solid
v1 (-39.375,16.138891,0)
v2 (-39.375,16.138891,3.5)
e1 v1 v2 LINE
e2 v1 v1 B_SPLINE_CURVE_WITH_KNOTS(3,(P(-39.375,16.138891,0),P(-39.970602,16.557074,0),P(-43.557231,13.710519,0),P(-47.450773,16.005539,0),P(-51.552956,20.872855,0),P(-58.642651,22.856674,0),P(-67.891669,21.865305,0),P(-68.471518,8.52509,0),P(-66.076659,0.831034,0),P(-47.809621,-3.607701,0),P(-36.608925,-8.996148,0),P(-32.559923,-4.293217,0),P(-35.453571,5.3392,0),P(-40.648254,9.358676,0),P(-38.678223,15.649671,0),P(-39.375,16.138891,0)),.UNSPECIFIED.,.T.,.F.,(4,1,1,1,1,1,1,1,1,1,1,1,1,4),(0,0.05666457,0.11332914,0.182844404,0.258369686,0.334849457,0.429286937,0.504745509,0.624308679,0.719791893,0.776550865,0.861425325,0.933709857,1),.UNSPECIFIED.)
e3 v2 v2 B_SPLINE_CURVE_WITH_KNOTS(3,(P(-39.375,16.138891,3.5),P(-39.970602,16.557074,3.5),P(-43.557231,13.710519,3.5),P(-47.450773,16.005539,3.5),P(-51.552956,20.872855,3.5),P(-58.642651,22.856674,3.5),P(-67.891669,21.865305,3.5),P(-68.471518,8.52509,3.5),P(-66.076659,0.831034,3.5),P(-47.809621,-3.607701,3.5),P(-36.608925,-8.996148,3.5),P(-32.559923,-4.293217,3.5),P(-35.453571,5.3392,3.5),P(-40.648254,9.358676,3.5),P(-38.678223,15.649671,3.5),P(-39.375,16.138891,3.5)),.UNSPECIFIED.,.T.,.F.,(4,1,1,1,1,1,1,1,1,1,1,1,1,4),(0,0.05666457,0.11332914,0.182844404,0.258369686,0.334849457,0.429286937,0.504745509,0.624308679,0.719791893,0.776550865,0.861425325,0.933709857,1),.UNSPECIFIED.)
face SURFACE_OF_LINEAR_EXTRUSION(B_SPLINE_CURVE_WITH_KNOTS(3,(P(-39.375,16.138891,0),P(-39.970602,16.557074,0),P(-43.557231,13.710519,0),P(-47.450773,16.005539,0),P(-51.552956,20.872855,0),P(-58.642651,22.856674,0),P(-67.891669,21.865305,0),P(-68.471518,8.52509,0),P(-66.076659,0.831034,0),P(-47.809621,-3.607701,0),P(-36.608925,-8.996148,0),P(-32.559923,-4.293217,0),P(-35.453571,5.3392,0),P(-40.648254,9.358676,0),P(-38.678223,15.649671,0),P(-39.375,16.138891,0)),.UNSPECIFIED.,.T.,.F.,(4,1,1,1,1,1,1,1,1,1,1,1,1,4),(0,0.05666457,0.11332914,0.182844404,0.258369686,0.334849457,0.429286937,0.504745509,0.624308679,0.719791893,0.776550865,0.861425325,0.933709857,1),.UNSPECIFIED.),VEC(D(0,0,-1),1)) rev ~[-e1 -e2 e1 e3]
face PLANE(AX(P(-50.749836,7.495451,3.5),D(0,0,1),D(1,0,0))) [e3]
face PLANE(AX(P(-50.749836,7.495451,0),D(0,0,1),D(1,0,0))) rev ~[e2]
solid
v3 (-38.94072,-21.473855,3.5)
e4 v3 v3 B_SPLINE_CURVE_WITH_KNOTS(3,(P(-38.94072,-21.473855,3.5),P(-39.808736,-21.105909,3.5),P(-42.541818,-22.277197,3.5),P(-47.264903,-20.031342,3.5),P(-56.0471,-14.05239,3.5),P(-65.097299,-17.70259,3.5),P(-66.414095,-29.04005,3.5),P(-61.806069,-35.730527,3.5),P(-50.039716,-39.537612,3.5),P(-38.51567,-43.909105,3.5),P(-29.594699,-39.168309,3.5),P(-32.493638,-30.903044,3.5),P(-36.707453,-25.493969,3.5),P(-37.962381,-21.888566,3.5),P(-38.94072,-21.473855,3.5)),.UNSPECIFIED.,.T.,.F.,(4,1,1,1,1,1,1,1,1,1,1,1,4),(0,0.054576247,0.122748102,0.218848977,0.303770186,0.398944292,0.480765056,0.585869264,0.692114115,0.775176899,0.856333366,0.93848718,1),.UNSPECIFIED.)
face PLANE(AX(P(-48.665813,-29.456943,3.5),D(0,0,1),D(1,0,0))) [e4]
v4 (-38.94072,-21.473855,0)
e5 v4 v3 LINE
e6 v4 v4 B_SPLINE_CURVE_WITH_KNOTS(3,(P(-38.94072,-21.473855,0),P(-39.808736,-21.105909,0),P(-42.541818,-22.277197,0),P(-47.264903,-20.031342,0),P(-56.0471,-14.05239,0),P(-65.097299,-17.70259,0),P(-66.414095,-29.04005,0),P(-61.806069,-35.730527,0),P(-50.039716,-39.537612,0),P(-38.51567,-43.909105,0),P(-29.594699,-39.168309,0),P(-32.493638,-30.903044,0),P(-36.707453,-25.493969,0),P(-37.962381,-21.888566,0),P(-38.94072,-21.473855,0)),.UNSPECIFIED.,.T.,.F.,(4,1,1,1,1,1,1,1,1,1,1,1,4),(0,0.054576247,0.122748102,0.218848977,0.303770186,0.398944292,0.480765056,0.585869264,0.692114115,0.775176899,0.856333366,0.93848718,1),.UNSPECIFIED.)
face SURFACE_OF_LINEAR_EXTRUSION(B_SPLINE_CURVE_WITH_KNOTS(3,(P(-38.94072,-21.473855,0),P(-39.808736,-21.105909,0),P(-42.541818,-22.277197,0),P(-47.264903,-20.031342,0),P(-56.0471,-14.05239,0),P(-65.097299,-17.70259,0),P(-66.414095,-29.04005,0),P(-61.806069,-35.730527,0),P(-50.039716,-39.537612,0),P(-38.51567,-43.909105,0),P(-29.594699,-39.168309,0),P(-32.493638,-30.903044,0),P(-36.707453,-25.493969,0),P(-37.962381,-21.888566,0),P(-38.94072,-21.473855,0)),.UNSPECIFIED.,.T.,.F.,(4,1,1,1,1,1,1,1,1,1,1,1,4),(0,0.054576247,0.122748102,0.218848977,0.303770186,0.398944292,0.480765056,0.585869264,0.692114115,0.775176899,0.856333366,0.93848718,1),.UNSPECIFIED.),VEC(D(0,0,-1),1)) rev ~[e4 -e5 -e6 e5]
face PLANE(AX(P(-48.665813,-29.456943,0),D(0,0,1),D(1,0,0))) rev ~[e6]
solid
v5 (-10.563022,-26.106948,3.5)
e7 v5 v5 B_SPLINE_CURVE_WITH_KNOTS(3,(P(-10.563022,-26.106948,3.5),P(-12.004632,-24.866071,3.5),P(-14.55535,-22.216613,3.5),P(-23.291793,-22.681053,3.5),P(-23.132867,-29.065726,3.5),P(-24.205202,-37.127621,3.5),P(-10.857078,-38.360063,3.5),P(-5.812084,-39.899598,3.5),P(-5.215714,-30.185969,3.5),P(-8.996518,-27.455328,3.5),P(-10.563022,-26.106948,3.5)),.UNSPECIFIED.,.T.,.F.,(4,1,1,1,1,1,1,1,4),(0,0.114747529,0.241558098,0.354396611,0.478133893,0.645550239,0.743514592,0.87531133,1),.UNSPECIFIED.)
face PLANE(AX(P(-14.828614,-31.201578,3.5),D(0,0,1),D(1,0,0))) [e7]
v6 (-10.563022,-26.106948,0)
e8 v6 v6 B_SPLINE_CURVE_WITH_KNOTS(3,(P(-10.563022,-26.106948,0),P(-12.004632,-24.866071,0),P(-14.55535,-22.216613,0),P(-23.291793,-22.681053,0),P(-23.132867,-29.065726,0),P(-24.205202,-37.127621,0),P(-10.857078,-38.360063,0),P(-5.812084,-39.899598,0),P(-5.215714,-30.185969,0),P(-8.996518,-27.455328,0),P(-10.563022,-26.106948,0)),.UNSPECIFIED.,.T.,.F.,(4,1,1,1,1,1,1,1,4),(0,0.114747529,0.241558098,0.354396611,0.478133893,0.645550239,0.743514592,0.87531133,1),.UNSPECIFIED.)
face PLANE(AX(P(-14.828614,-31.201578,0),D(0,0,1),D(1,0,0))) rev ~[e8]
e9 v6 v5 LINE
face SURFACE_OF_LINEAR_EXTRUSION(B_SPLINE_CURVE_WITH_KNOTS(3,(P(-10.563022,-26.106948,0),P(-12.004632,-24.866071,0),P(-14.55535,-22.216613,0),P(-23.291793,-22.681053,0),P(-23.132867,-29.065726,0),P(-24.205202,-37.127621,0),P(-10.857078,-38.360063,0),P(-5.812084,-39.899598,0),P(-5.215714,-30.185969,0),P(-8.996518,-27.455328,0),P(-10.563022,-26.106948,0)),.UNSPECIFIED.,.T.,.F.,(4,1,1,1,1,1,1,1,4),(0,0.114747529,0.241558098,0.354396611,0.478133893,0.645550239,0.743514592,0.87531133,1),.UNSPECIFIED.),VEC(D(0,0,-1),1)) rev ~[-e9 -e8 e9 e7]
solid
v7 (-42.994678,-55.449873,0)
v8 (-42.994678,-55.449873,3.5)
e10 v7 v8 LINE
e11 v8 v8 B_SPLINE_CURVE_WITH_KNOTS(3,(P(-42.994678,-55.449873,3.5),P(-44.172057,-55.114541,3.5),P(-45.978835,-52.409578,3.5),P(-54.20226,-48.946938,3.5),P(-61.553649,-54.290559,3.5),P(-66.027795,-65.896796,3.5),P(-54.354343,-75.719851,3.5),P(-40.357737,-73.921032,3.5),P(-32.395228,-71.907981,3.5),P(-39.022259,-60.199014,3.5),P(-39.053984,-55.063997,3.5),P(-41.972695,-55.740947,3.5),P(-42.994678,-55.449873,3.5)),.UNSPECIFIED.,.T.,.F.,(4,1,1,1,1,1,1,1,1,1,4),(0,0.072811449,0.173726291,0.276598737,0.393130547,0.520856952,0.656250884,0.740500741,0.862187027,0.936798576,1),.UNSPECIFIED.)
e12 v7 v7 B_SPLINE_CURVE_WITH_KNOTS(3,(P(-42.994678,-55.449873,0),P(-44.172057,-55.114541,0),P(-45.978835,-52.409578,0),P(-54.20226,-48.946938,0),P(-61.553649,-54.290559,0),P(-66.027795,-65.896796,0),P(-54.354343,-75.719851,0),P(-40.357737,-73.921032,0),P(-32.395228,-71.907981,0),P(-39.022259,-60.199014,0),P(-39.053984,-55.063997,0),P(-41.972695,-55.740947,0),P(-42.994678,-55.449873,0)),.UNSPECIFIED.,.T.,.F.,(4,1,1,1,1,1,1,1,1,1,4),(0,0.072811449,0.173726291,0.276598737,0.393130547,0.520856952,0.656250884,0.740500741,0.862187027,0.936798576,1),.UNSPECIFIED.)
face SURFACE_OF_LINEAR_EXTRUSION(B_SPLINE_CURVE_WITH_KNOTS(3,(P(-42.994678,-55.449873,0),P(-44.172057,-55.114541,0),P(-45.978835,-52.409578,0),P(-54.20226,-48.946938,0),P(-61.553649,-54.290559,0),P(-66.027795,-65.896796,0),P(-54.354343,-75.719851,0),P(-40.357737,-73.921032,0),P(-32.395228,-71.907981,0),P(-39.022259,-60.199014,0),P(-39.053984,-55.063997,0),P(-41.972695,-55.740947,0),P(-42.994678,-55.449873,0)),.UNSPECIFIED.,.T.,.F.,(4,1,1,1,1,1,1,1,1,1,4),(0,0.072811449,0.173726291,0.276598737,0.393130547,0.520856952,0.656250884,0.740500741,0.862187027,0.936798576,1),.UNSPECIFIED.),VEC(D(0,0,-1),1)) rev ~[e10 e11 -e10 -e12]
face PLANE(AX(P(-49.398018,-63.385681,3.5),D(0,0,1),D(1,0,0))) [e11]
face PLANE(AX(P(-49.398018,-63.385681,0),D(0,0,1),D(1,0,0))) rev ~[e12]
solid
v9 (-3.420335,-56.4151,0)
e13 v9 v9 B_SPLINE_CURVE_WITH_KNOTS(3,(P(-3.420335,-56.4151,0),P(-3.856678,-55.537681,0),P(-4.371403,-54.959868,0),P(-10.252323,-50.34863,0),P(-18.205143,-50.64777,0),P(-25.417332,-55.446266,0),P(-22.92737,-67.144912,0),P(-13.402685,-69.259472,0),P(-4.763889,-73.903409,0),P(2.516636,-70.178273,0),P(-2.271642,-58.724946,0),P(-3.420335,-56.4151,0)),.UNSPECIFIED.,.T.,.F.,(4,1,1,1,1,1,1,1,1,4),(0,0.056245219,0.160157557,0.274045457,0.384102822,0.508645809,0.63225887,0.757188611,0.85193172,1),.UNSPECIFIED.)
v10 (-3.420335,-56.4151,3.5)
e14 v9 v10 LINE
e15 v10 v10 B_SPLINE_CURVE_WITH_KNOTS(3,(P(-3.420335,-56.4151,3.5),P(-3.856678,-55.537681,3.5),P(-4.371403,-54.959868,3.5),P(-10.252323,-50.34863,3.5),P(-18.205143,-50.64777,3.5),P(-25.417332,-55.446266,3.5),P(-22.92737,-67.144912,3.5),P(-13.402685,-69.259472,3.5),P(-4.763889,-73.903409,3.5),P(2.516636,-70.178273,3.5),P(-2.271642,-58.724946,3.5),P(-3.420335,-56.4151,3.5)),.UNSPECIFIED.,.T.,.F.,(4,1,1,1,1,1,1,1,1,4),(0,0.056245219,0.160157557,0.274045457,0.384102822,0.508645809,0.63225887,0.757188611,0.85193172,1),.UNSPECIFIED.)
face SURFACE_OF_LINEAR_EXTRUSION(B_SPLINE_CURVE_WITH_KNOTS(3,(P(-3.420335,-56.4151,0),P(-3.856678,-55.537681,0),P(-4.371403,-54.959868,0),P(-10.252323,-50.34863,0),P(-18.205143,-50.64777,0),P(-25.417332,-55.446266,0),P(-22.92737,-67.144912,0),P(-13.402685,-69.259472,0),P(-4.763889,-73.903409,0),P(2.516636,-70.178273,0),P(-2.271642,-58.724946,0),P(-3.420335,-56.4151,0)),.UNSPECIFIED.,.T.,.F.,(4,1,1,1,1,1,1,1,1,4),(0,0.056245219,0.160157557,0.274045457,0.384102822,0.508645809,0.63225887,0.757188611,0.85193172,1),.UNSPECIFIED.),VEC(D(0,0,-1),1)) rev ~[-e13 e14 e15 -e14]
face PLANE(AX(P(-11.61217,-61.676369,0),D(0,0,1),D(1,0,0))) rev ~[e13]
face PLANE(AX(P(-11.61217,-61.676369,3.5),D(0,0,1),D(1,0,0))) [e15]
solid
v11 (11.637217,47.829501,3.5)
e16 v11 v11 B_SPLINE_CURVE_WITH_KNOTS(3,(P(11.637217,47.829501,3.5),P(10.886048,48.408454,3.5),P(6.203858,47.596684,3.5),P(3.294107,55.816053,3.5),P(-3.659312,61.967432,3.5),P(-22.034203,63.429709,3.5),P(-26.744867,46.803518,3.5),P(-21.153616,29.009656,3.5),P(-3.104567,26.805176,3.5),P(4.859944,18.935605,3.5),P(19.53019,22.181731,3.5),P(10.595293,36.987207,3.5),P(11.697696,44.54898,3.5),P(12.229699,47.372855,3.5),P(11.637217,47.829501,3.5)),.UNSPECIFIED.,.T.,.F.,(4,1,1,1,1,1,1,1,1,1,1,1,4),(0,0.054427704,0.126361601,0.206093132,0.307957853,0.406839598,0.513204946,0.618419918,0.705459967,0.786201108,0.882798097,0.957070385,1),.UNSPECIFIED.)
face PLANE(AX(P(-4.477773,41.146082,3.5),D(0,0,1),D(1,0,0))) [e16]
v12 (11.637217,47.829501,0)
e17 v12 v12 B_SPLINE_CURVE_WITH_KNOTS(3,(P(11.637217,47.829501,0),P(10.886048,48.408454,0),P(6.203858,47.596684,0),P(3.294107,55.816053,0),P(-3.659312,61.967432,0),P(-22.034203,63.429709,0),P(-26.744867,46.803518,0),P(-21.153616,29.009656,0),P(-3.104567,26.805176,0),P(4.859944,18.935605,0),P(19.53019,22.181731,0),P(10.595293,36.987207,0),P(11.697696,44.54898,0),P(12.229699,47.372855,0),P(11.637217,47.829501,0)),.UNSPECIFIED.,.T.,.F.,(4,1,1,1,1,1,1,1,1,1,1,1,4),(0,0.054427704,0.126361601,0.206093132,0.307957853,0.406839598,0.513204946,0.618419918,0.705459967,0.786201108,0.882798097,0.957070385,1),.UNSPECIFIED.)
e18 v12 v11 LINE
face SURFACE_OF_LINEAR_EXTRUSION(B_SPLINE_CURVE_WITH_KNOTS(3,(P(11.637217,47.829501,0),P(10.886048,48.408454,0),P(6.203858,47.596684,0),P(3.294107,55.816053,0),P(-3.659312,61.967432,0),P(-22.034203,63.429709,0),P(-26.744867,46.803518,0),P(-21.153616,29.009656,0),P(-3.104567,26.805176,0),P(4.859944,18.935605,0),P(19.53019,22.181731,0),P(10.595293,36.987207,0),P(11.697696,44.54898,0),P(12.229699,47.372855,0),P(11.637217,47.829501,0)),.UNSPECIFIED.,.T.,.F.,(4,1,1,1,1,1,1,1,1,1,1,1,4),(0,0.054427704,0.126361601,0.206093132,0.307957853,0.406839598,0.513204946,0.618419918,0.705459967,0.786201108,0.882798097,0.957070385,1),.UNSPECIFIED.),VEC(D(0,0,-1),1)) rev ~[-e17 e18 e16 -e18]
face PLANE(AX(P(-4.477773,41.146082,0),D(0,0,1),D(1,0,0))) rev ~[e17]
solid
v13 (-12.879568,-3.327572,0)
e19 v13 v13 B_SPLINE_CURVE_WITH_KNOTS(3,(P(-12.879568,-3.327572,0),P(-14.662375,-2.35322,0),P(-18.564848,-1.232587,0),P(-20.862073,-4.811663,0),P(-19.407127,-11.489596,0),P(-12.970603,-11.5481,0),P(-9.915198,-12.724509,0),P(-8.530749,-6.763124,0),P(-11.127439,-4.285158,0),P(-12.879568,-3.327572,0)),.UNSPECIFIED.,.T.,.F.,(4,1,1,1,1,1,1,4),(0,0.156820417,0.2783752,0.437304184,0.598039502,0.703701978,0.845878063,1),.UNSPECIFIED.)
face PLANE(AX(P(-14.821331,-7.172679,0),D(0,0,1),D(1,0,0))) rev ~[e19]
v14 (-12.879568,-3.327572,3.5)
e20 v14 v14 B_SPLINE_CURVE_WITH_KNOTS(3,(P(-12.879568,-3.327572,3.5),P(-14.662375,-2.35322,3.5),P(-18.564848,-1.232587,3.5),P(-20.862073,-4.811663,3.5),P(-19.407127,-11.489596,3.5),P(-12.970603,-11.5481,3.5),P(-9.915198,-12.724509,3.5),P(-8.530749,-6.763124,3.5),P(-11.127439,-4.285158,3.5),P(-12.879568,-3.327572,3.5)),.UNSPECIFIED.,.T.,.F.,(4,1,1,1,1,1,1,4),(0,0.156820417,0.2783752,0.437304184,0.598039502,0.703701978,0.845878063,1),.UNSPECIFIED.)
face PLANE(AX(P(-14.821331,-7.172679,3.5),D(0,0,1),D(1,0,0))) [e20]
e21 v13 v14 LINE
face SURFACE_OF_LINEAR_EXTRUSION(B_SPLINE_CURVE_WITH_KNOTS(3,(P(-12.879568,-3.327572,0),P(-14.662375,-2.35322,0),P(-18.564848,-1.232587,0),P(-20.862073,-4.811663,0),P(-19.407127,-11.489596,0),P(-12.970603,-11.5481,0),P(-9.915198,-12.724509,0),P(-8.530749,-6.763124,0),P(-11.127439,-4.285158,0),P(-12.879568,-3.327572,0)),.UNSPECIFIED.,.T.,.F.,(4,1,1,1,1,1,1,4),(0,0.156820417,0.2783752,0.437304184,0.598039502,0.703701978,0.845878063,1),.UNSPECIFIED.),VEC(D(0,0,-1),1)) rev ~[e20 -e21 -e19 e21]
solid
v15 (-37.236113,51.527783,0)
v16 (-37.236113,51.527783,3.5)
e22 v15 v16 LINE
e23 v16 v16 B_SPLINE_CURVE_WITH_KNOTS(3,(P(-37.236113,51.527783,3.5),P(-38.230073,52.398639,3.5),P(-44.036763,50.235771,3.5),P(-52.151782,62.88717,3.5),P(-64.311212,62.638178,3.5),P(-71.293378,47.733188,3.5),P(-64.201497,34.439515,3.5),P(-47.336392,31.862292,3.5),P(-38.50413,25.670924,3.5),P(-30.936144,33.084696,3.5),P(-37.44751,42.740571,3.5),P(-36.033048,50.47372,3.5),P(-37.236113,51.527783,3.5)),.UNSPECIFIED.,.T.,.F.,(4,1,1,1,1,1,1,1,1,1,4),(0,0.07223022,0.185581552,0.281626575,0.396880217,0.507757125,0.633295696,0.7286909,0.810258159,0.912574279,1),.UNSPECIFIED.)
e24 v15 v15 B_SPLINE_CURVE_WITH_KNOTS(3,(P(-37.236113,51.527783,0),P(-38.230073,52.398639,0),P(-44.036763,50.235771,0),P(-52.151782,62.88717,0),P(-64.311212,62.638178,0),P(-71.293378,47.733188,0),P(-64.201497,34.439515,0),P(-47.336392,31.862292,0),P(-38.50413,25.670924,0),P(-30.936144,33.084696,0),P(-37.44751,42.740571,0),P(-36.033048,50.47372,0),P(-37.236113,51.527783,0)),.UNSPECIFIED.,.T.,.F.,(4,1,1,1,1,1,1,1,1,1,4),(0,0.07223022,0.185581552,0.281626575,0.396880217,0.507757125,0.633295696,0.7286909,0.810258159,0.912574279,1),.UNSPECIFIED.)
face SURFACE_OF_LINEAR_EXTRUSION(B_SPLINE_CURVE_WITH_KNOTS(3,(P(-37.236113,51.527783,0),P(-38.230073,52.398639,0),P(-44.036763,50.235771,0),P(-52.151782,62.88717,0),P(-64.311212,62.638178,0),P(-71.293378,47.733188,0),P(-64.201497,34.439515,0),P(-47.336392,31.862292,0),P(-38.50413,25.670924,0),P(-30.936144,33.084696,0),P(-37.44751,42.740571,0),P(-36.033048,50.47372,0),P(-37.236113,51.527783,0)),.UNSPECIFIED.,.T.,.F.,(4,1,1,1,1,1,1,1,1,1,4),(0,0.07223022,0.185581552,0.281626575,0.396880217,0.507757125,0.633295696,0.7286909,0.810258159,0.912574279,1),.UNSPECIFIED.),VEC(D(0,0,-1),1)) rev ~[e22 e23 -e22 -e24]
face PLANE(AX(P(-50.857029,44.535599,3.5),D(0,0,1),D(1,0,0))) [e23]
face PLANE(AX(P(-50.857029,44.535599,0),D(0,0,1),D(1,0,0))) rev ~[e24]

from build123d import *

# Parameters (mm, degrees)
F8_DEPTH  = 3.5
F9_DEPTH  = 3.5
F10_DEPTH = 3.5
F11_DEPTH = 3.5
F12_DEPTH = 3.5
F13_DEPTH = 3.5
F14_DEPTH = 3.5
F15_DEPTH = 3.5


with BuildPart() as f8:
    # F0 (on Top) → F8 (new body)
    with BuildSketch(Plane.XY):
        with BuildLine():
            add(Edge.make_bspline(
                [(-37.2361131012, 51.5277832747), (-38.2300729574, 52.3986394205), (-44.036762983, 50.2357705605), (-52.1517819646, 62.8871695915), (-64.3112124826, 62.6381784223), (-71.2933781765, 47.7331883556), (-64.2014965173, 34.439514822), (-47.3363921409, 31.8622921467), (-38.5041296174, 25.6709240677), (-30.9361444778, 33.0846962537), (-37.4475096921, 42.7405705933), (-36.0330480055, 50.473719948), (-37.2361131012, 51.5277832747)],
                knots=[0, 0, 0, 0, 0.0722302205, 0.1855815516, 0.2816265748, 0.3968802174, 0.5077571251, 0.6332956957, 0.7286909, 0.8102581589, 0.9125742789, 1, 1, 1, 1], degree=3))
        make_face()
    extrude(amount=F8_DEPTH)


with BuildPart() as f9:
    # F1 (on Top) → F9 (new body)
    with BuildSketch(Plane.XY):
        with BuildLine():
            add(Edge.make_bspline(
                [(-39.374999702, 16.1388907582), (-39.9706018324, 16.5570736635), (-43.5572313633, 13.7105187899), (-47.4507729776, 16.0055389472), (-51.5529559066, 20.8728551438), (-58.6426514585, 22.8566739948), (-67.8916688092, 21.865304743), (-68.4715177825, 8.5250902074), (-66.0766592679, 0.8310337431), (-47.8096208417, -3.6077008561), (-36.6089247376, -8.9961477478), (-32.5599229857, -4.2932170381), (-35.4535710781, 5.3391996361), (-40.6482535175, 9.3586760152), (-38.6782230309, 15.6496713987), (-39.374999702, 16.1388907582)],
                knots=[0, 0, 0, 0, 0.0566645698, 0.1133291397, 0.1828444039, 0.2583696855, 0.3348494574, 0.4292869367, 0.5047455088, 0.6243086788, 0.7197918927, 0.7765508651, 0.8614253251, 0.9337098571, 1, 1, 1, 1], degree=3))
        make_face()
    extrude(amount=F9_DEPTH)


with BuildPart() as f10:
    # F2 (on Top) → F10 (new body)
    with BuildSketch(Plane.XY):
        with BuildLine():
            add(Edge.make_bspline(
                [(-38.9407202601, -21.4738547802), (-39.808735709, -21.1059091638), (-42.5418178299, -22.2771971679), (-47.2649034002, -20.0313416168), (-56.0471002646, -14.0523899309), (-65.0972985376, -17.7025901746), (-66.4140947917, -29.040050469), (-61.8060691861, -35.730526621), (-50.0397159132, -39.5376123497), (-38.5156696524, -43.9091047558), (-29.5946990088, -39.1683094096), (-32.4936378223, -30.9030440648), (-36.7074525426, -25.4939692871), (-37.9623811258, -21.8885658275), (-38.9407202601, -21.4738547802)],
                knots=[0, 0, 0, 0, 0.0545762469, 0.122748102, 0.2188489766, 0.303770186, 0.3989442917, 0.4807650556, 0.5858692644, 0.6921141145, 0.7751768988, 0.8563333657, 0.9384871799, 1, 1, 1, 1], degree=3))
        make_face()
    extrude(amount=F10_DEPTH)


with BuildPart() as f11:
    # F3 (on Top) → F11 (new body)
    with BuildSketch(Plane.XY):
        with BuildLine():
            add(Edge.make_bspline(
                [(-42.9946780205, -55.449873209), (-44.172057105, -55.1145406864), (-45.9788351769, -52.4095776903), (-54.2022596236, -48.9469379985), (-61.5536493722, -54.2905594453), (-66.0277953127, -65.8967963216), (-54.3543427868, -75.7198506468), (-40.3577365253, -73.921032109), (-32.395227703, -71.9079808933), (-39.0222590376, -60.1990136169), (-39.0539842791, -55.0639973576), (-41.9726954063, -55.7409468425), (-42.9946780205, -55.449873209)],
                knots=[0, 0, 0, 0, 0.072811449, 0.1737262907, 0.276598737, 0.3931305473, 0.520856952, 0.6562508835, 0.740500741, 0.8621870269, 0.9367985757, 1, 1, 1, 1], degree=3))
        make_face()
    extrude(amount=F11_DEPTH)


with BuildPart() as f12:
    # F4 (on Top) → F12 (new body)
    with BuildSketch(Plane.XY):
        with BuildLine():
            add(Edge.make_bspline(
                [(-3.4203352407, -56.4150996506), (-3.8566779507, -55.5376813264), (-4.3714030554, -54.9598680577), (-10.2523231789, -50.3486296341), (-18.205143482, -50.6477696335), (-25.4173324177, -55.4462663891), (-22.9273697449, -67.144912344), (-13.4026847581, -69.2594720891), (-4.763888599, -73.9034091482), (2.516636292, -70.178273343), (-2.2716417808, -58.7249461717), (-3.4203352407, -56.4150996506)],
                knots=[0, 0, 0, 0, 0.0562452186, 0.160157557, 0.2740454565, 0.3841028225, 0.5086458094, 0.6322588701, 0.7571886109, 0.8519317195, 1, 1, 1, 1], degree=3))
        make_face()
    extrude(amount=F12_DEPTH)


with BuildPart() as f13:
    # F5 (on Top) → F13 (new body)
    with BuildSketch(Plane.XY):
        with BuildLine():
            add(Edge.make_bspline(
                [(-10.5630215257, -26.106948033), (-12.0046317075, -24.8660714663), (-14.5553496785, -22.2166133015), (-23.2917929138, -22.6810528851), (-23.1328666151, -29.0657261953), (-24.2052017226, -37.1276211134), (-10.8570777116, -38.3600626312), (-5.8120839839, -39.8995976639), (-5.2157144489, -30.1859688465), (-8.9965175817, -27.4553278242), (-10.5630215257, -26.106948033)],
                knots=[0, 0, 0, 0, 0.114747529, 0.2415580978, 0.3543966109, 0.4781338927, 0.6455502391, 0.743514592, 0.8753113296, 1, 1, 1, 1], degree=3))
        make_face()
    extrude(amount=F13_DEPTH)


with BuildPart() as f14:
    # F6 (on Top) → F14 (new body)
    with BuildSketch(Plane.XY):
        with BuildLine():
            add(Edge.make_bspline(
                [(-12.8795681521, -3.3275720198), (-14.6623751051, -2.3532196436), (-18.5648480613, -1.2325873983), (-20.8620729453, -4.8116631643), (-19.4071270858, -11.4895959342), (-12.97060263, -11.5480996976), (-9.9151978418, -12.7245085908), (-8.5307491178, -6.7631239894), (-11.1274387683, -4.2851582719), (-12.8795681521, -3.3275720198)],
                knots=[0, 0, 0, 0, 0.1568204171, 0.2783751998, 0.4373041843, 0.598039502, 0.7037019776, 0.8458780631, 1, 1, 1, 1], degree=3))
        make_face()
    extrude(amount=F14_DEPTH)


with BuildPart() as f15:
    # F7 (on Top) → F15 (new body)
    with BuildSketch(Plane.XY):
        with BuildLine():
            add(Edge.make_bspline(
                [(11.6372173652, 47.8295013309), (10.8860478046, 48.4084539596), (6.203858043, 47.5966838642), (3.2941074104, 55.8160528897), (-3.6593120915, 61.9674316504), (-22.0342025255, 63.4297088301), (-26.7448671502, 46.8035179653), (-21.1536162681, 29.0096560913), (-3.1045669452, 26.8051763729), (4.8599442465, 18.9356051948), (19.530189686, 22.1817309323), (10.5952925621, 36.987206693), (11.6976961784, 44.5489802139), (12.2296990893, 47.3728549627), (11.6372173652, 47.8295013309)],
                knots=[0, 0, 0, 0, 0.0544277039, 0.1263616005, 0.2060931321, 0.3079578532, 0.4068395977, 0.5132049463, 0.618419918, 0.7054599674, 0.7862011077, 0.882798097, 0.9570703853, 1, 1, 1, 1], degree=3))
        make_face()
    extrude(amount=F15_DEPTH)


solid = Compound([f8.part, f9.part, f10.part, f11.part, f12.part, f13.part, f14.part, f15.part])
